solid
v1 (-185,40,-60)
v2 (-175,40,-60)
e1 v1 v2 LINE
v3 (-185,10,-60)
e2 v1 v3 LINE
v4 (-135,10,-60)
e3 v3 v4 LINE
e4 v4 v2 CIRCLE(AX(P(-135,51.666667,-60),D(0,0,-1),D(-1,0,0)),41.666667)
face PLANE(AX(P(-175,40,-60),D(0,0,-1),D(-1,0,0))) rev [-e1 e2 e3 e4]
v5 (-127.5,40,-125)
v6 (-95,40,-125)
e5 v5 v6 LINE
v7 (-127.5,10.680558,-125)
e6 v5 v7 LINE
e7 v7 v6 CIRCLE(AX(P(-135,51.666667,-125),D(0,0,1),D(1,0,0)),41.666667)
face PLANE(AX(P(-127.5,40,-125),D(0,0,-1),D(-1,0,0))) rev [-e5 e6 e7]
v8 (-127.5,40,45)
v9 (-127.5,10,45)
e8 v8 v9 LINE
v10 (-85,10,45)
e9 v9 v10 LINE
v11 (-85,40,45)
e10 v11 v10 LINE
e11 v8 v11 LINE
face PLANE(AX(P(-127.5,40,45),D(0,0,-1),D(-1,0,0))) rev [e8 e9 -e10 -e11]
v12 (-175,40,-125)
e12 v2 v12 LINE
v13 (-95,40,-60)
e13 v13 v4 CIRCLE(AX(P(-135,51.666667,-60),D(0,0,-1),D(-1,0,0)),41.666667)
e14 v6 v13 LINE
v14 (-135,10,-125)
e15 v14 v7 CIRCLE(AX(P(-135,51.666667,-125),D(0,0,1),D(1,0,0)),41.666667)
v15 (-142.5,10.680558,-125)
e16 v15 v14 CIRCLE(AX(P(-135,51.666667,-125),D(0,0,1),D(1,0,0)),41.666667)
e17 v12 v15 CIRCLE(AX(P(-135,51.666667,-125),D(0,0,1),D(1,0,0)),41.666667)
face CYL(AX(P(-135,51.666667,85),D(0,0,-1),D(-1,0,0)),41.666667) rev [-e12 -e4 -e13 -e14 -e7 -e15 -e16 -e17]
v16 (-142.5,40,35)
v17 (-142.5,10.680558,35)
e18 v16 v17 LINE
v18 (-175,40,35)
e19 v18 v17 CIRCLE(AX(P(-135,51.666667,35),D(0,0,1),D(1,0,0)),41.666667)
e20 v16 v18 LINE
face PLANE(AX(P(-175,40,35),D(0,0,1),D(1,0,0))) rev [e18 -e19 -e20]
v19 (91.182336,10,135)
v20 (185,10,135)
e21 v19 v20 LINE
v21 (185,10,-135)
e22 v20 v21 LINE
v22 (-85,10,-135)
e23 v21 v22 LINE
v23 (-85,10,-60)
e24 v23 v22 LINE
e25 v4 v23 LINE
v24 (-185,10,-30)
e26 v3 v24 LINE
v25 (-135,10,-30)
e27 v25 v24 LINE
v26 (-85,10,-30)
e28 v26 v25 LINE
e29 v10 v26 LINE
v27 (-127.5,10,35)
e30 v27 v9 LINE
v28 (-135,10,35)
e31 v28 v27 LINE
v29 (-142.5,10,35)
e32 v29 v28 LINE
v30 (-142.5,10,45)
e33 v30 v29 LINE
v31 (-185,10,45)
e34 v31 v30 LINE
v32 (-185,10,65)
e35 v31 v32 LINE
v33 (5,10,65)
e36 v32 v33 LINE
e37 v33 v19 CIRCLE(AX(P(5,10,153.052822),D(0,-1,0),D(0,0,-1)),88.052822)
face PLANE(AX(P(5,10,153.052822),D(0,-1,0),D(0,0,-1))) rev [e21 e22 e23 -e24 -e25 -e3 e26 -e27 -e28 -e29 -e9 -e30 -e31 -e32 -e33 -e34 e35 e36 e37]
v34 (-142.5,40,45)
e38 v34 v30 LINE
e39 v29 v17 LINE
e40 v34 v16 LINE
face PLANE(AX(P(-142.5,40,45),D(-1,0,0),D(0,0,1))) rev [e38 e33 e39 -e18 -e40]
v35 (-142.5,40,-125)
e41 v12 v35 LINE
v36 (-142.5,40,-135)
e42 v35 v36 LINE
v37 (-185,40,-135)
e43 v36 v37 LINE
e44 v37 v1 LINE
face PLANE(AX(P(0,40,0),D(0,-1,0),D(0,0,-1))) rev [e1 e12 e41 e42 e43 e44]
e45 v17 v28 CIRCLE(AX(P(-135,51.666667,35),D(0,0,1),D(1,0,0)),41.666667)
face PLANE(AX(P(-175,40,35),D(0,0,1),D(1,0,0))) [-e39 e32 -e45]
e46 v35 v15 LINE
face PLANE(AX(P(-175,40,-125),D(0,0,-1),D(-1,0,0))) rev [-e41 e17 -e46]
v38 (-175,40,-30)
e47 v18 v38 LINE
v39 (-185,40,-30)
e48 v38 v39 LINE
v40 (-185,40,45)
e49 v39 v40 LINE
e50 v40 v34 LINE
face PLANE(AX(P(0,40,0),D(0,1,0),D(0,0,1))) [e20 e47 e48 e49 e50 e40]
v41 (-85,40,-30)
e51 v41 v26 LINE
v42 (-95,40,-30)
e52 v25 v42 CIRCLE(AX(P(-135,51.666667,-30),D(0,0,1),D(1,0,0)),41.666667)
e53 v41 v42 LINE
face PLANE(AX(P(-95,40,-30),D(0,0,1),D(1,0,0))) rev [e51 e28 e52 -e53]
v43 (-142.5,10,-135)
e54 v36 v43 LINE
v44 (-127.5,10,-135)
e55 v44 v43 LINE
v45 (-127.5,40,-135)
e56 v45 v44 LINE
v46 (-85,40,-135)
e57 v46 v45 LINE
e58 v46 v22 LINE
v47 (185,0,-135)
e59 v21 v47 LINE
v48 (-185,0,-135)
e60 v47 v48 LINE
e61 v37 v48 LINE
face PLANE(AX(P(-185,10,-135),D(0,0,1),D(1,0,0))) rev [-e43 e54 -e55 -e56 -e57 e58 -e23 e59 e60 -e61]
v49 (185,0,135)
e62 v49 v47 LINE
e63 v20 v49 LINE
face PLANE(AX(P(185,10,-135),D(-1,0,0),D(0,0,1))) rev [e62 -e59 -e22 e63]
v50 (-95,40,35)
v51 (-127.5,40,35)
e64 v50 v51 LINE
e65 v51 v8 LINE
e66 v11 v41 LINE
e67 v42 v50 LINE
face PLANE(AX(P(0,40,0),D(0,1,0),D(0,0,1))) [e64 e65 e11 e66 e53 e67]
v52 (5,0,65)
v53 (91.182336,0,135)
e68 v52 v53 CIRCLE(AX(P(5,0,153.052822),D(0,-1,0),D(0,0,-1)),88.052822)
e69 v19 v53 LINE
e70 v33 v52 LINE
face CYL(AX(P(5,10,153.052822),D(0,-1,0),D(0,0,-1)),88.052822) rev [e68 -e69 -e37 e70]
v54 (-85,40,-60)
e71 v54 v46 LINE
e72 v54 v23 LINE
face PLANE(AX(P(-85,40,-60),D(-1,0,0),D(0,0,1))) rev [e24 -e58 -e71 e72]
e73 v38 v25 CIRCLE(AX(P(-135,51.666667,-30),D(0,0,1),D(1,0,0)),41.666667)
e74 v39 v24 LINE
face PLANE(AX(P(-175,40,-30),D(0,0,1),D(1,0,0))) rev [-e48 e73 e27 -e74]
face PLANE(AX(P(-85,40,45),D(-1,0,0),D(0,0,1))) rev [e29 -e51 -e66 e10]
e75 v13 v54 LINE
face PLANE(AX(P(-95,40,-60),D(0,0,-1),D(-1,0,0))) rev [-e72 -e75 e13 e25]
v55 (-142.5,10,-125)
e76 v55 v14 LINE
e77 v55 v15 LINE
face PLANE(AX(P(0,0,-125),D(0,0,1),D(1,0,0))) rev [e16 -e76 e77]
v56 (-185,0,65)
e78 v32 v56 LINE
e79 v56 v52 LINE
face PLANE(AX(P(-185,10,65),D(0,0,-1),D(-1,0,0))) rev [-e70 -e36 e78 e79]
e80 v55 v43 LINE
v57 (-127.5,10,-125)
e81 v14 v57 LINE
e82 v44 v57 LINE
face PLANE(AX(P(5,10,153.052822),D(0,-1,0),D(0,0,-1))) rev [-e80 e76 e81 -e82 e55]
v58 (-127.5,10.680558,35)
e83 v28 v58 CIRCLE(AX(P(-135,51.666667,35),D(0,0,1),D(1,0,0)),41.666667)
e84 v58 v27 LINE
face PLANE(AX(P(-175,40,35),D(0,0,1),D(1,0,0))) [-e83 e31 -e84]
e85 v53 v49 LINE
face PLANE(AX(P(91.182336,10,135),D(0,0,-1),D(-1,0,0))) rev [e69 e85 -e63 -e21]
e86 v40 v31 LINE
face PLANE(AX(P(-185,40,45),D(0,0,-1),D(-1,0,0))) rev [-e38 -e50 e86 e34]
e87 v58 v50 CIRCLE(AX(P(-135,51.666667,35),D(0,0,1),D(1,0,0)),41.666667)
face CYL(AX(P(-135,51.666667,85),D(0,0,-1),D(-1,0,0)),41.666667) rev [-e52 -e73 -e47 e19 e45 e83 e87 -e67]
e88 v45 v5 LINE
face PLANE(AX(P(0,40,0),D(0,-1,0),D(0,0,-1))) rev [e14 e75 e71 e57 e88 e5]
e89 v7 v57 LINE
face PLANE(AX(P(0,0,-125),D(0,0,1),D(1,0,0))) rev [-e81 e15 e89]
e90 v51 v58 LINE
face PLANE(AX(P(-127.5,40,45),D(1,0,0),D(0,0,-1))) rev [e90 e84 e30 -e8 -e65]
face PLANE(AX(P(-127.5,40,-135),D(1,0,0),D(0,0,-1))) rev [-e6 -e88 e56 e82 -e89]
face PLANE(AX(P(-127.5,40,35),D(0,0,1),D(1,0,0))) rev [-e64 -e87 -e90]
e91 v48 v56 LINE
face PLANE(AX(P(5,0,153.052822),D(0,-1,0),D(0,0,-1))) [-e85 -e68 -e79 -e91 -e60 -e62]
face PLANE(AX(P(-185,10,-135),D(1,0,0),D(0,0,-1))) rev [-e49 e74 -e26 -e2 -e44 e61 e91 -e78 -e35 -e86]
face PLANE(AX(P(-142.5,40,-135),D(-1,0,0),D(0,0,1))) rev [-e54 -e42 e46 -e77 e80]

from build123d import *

# Parameters (mm, degrees)
BOSS_EXTRUDE1_DEPTH     = 10
BOSS_EXTRUDE2_DEPTH     = 30
BOSS_EXTRUDE3_REACH     = 323.598
CUT_EXTRUDE1_DEPTH      = 396.885084336
CUT_EXTRUDE1_DEPTH_BACK = 396.885084336
SKETCH5_W               = 30
SKETCH5_H               = 30


with BuildPart() as part:
    # Sketch1 → Boss-Extrude1 (new body)
    with BuildSketch(Plane(origin=(0, 0, 0), x_dir=(1, 0, 0), z_dir=(0, 1, 0))):
        with BuildLine():
            Line((-185, -65), (5, -65))
            ThreePointArc((5, -65), (60.514401442, -84.704810384), (91.182336182, -135))
            Line((91.182336182, -135), (185, -135))
            Line((185, -135), (185, 135))
            Line((185, 135), (-185, 135))
            Line((-185, 135), (-185, -65))
        make_face()
    extrude(amount=BOSS_EXTRUDE1_DEPTH)

    # Sketch2 → Boss-Extrude2 (add)
    with BuildSketch(Plane(origin=(0, 10, 0), x_dir=(1, 0, 0), z_dir=(0, 1, 0))):
        Polygon((-175, -35), (-175, 30), (-185, 30), (-185, -45), (-142.5, -45), (-142.5, -35), align=None)
        Polygon((-175, 125), (-142.5, 125), (-142.5, 135), (-185, 135), (-185, 60), (-175, 60), align=None)
        Polygon((-95, -35), (-95, 30), (-85, 30), (-85, -45), (-127.5, -45), (-127.5, -35), align=None)
        Polygon((-127.5, 135), (-127.5, 125), (-95, 125), (-95, 60), (-85, 60), (-85, 135), align=None)
    extrude(amount=BOSS_EXTRUDE2_DEPTH)

    # Boss-Extrude3: up to this face of the body (flat: up to its plane)
    boss_extrude3_end = Plane(part.part.faces().sort_by_distance((-158.75, 25, 35))[0])
    # Sketch3 → Boss-Extrude3 (add, up to the picked face)
    with BuildSketch(Plane.XY.offset(-125), mode=Mode.PRIVATE) as boss_extrude3_sk1:
        with BuildLine():
            ThreePointArc((-134.999999946, 10), (-159.999999978, 18.333333317), (-175, 40))
            Line((-175, 40), (-175, 10))
            Line((-175, 10), (-134.999999946, 10))
        make_face()
    boss_extrude3_tool1 = split(extrude(boss_extrude3_sk1.sketch, amount=BOSS_EXTRUDE3_REACH, mode=Mode.PRIVATE), bisect_by=boss_extrude3_end, keep=Keep.BOTH, mode=Mode.PRIVATE)
    # Sketch3 → Boss-Extrude3 (add, up to the picked face)
    with BuildSketch(Plane.XY.offset(-125), mode=Mode.PRIVATE) as boss_extrude3_sk2:
        with BuildLine():
            Line((-134.999999946, 10), (-95, 10))
            Line((-95, 10), (-95, 40))
            ThreePointArc((-95, 40), (-109.999999978, 18.33333335), (-134.999999946, 10))
        make_face()
    boss_extrude3_tool2 = split(extrude(boss_extrude3_sk2.sketch, amount=BOSS_EXTRUDE3_REACH, mode=Mode.PRIVATE), bisect_by=boss_extrude3_end, keep=Keep.BOTH, mode=Mode.PRIVATE)
    add(boss_extrude3_tool1.solids().sort_by(Axis((-165.840385, 17.926758, -125), (0, 0, 1)))[0])
    add(boss_extrude3_tool2.solids().sort_by(Axis((-104.159615, 17.926758, -125), (0, 0, 1)))[0])

    # Sketch5 → Cut-Extrude1 (cut, two sides: drawn at the far end of the back side and taken through both)
    with BuildSketch(Plane.ZY.offset(185).offset(-CUT_EXTRUDE1_DEPTH_BACK)):
        with Locations((-45, 25)):
            Rectangle(SKETCH5_W, SKETCH5_H)
    extrude(amount=CUT_EXTRUDE1_DEPTH + CUT_EXTRUDE1_DEPTH_BACK, mode=Mode.SUBTRACT)


solid = part.part
